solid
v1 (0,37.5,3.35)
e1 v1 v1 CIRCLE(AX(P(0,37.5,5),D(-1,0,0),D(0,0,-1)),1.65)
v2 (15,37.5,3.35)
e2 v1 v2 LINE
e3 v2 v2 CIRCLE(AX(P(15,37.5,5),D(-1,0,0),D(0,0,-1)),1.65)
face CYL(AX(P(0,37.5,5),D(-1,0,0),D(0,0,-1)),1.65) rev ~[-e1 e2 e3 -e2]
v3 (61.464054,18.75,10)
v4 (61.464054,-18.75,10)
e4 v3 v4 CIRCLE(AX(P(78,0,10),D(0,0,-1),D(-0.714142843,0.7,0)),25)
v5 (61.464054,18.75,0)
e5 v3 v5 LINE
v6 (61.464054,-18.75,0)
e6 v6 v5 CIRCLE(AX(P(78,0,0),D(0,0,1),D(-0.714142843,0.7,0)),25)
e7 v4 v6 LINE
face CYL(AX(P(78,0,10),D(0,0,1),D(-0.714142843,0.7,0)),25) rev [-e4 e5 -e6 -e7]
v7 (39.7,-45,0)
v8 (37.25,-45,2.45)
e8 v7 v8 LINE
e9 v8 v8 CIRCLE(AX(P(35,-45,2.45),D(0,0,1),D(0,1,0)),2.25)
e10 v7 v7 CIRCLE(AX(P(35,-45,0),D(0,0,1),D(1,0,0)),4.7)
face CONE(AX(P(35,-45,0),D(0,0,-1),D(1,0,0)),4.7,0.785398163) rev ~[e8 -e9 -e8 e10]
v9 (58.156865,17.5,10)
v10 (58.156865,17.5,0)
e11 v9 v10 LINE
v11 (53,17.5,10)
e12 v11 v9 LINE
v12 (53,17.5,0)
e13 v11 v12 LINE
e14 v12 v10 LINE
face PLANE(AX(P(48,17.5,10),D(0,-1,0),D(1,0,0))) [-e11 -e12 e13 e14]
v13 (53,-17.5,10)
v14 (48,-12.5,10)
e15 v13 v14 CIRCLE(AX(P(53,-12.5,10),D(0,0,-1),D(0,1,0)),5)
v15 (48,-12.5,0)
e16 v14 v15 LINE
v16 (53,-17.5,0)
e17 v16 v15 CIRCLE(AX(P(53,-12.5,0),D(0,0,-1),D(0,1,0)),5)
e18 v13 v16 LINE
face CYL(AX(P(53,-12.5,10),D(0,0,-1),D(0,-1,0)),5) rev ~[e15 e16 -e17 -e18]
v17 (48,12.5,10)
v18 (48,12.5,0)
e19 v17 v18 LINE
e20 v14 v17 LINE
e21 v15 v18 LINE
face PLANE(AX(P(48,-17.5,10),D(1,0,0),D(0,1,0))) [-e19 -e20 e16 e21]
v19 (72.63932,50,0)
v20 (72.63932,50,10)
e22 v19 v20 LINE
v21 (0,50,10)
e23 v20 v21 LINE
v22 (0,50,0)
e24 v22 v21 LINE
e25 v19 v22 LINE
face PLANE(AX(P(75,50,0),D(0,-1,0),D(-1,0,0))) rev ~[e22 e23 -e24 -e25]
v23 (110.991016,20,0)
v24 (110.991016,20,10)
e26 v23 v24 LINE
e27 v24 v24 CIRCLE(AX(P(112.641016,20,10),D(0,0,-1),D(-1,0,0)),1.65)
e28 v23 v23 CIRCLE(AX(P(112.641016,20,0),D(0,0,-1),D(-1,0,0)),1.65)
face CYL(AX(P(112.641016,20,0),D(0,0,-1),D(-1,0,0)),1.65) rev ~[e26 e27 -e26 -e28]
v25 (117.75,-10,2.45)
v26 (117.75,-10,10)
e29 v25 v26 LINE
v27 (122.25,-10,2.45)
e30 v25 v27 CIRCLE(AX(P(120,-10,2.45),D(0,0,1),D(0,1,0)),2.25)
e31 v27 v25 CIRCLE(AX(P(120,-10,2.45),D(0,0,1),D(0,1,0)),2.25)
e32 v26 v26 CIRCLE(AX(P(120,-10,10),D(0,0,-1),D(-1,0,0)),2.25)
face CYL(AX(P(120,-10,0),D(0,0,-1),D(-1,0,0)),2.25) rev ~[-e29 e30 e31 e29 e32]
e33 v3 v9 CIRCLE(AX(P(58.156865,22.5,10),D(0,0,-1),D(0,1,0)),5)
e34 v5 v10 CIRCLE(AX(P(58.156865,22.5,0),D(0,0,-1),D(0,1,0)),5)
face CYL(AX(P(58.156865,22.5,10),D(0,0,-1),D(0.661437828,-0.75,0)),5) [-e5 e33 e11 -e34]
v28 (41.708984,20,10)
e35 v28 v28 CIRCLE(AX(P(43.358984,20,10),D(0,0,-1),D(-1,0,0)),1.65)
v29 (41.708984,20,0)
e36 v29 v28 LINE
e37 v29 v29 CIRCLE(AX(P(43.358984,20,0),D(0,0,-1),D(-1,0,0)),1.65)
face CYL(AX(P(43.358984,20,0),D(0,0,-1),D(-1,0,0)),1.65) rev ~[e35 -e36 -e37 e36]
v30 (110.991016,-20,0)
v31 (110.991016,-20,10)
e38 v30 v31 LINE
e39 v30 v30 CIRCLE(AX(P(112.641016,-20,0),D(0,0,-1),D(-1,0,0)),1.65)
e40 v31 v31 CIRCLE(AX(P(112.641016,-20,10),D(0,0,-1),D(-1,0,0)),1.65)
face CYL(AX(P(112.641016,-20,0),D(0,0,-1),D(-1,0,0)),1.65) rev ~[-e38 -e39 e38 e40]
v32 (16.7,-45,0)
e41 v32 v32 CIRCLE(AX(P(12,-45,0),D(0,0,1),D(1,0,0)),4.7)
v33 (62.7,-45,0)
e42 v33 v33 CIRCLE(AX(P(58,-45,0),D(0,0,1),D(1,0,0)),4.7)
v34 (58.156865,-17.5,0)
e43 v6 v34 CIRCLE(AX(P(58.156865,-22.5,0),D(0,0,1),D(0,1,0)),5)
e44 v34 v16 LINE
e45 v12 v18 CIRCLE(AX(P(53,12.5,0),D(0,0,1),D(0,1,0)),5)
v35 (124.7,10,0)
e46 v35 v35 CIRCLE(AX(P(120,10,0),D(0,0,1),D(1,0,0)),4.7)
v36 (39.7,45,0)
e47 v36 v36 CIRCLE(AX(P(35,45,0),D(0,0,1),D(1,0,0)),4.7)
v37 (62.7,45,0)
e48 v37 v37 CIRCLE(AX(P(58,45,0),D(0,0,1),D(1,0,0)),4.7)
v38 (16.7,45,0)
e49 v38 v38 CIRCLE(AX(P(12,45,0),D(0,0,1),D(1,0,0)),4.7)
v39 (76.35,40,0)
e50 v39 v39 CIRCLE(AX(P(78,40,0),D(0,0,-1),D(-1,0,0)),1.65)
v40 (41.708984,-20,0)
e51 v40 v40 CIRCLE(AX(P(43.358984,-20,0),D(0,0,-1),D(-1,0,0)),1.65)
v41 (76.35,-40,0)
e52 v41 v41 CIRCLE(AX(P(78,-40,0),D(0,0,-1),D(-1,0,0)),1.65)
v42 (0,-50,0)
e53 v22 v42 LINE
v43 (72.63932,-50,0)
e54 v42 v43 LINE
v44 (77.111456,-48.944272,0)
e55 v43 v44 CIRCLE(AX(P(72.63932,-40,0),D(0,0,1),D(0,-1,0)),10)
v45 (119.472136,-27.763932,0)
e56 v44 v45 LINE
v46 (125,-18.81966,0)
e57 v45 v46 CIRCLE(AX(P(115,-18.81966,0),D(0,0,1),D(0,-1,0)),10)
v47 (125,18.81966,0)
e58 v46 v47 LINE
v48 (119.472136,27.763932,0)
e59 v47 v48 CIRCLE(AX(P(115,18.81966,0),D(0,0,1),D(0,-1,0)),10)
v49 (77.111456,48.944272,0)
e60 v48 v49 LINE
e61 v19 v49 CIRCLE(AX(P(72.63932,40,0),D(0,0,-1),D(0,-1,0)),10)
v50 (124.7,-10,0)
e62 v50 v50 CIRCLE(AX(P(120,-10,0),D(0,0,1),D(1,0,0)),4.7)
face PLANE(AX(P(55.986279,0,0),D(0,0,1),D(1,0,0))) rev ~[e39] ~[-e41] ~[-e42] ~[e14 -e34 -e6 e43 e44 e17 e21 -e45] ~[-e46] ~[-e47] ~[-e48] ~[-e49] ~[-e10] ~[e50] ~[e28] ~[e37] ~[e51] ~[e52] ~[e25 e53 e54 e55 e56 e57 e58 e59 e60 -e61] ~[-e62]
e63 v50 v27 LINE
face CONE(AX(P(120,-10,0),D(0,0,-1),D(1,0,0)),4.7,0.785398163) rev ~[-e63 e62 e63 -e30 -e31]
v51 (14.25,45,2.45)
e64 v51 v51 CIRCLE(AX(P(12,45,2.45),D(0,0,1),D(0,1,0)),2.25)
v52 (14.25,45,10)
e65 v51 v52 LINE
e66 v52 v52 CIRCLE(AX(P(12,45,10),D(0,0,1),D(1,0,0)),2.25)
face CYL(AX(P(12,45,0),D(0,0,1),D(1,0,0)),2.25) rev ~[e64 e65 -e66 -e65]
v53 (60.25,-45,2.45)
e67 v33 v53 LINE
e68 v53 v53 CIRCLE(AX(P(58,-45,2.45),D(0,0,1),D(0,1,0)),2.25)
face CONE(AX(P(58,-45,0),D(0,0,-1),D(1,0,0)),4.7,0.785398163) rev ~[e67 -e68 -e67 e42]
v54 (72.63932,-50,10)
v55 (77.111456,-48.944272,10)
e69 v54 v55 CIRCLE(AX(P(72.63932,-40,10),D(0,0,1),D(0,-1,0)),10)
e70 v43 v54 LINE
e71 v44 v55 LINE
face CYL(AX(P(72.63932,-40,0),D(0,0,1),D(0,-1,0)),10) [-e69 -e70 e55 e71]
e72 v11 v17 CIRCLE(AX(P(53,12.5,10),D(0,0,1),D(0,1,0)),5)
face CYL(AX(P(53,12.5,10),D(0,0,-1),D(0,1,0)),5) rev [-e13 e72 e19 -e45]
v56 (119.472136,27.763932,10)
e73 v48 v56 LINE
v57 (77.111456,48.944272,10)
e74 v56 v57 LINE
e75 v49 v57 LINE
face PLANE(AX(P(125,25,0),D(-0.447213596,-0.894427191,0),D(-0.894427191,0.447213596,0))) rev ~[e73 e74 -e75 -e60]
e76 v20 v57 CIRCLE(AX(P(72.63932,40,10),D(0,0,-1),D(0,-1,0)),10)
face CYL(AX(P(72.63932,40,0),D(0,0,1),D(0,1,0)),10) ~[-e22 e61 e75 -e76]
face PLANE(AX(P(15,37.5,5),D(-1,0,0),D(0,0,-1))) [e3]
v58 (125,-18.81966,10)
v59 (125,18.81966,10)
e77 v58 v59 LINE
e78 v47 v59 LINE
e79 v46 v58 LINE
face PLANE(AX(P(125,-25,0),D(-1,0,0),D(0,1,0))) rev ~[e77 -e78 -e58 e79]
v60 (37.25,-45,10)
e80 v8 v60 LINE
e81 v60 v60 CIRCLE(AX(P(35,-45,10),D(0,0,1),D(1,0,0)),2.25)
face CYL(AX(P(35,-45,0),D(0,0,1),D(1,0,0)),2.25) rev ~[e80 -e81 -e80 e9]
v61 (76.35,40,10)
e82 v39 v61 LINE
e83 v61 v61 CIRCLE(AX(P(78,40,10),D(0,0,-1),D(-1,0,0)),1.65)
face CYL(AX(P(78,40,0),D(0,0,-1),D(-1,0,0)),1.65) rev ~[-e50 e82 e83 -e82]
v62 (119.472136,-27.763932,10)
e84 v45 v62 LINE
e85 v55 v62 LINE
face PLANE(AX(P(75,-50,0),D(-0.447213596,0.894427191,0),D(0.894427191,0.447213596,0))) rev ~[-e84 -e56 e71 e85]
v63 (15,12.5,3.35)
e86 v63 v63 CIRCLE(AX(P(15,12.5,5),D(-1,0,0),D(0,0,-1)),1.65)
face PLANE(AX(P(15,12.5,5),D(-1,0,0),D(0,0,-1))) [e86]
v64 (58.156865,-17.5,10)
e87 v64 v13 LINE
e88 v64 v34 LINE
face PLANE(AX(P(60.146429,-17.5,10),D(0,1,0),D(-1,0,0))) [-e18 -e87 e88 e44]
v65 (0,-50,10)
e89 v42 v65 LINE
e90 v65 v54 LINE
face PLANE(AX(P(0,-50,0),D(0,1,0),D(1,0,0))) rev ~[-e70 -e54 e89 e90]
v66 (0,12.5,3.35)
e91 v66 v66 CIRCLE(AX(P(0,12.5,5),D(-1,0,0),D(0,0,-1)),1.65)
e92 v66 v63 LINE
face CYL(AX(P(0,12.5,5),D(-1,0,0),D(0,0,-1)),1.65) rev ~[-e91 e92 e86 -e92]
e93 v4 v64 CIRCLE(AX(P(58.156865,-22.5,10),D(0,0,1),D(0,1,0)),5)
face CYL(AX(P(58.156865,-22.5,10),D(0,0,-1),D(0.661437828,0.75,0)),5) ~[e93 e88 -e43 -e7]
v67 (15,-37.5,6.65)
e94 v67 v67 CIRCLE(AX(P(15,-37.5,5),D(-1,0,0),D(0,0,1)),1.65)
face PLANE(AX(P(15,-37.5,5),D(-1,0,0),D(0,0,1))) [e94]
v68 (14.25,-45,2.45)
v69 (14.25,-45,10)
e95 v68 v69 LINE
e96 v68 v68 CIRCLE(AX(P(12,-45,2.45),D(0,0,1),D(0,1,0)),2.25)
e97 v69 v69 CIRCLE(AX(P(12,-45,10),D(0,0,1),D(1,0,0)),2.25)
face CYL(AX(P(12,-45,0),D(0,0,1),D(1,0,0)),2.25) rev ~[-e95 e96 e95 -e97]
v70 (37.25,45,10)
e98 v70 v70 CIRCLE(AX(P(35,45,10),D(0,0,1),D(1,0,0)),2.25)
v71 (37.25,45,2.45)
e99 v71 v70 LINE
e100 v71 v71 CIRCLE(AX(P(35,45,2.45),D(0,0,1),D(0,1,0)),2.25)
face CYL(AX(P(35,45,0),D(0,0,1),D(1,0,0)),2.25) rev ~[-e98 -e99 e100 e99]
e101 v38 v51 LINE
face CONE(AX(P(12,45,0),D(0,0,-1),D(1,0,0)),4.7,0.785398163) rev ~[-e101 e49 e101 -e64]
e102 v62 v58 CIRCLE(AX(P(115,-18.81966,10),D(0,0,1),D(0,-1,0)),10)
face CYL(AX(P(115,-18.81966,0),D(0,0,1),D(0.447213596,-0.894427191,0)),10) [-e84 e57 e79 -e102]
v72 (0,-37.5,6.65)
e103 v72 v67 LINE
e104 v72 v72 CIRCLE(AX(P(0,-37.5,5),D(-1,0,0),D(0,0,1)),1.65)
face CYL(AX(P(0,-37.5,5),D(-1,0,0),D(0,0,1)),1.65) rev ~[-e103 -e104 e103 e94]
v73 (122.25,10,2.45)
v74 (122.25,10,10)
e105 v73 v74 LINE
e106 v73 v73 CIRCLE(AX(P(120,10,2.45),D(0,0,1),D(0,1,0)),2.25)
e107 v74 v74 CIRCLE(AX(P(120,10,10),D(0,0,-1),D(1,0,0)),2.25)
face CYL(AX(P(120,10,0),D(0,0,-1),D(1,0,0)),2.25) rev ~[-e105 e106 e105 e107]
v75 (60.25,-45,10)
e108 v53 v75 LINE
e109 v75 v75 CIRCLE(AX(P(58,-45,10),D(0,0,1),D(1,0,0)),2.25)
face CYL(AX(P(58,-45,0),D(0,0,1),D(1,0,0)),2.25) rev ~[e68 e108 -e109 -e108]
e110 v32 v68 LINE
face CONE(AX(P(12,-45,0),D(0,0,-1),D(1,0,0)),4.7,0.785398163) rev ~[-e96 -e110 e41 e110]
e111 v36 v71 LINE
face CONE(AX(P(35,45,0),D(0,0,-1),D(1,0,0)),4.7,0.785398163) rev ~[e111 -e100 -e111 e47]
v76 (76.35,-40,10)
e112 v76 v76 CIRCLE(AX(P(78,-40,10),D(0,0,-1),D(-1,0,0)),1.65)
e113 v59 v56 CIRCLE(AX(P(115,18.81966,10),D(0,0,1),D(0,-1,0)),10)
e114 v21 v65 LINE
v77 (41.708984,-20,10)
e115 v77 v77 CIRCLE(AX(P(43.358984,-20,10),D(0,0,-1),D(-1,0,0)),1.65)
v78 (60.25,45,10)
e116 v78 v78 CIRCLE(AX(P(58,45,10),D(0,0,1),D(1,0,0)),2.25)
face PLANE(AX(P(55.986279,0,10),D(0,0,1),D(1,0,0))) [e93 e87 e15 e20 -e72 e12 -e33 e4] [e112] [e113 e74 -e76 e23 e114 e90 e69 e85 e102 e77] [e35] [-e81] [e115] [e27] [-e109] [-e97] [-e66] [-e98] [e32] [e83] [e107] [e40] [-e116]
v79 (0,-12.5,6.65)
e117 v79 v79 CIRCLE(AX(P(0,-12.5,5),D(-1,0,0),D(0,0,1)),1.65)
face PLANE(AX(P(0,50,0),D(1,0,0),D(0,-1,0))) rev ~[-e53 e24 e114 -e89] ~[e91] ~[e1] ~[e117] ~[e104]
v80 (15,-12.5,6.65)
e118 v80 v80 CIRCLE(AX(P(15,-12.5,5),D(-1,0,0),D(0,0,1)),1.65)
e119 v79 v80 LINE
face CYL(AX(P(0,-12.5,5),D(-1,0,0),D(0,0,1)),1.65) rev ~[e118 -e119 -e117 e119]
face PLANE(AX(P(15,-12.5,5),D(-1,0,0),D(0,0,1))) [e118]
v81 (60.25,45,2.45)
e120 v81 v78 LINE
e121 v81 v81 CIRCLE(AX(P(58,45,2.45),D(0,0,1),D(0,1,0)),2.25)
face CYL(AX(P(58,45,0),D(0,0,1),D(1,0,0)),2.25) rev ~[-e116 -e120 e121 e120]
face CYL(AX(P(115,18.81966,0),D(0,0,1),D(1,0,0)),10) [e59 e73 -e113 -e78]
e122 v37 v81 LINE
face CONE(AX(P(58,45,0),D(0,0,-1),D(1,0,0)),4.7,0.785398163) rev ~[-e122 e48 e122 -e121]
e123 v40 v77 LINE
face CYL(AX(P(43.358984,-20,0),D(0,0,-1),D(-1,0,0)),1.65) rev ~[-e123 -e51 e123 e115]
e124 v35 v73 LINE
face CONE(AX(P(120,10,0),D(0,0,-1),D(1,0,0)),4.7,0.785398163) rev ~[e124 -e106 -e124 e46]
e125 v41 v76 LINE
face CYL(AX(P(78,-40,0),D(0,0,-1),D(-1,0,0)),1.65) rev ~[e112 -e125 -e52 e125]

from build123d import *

# Parameters (mm, degrees)
EXTRUDE1_DEPTH                                  = 10
CUT_EXTRUDE1_DEPTH                              = 20
SKETCH3_R                                       = 1.65
CUT_EXTRUDE2_DEPTH                              = 10
SKETCH4_R                                       = 1.65
CUT_EXTRUDE3_DEPTH                              = 15
FILLET1_R                                       = 10
FILLET3_R                                       = 5
SKETCH7_R                                       = 1.5
CUT_EXTRUDE4_DEPTH                              = 10
CSK_FOR_M4_FLAT_HEAD_MACHINE_SCREW2_D           = 4.5
CSK_FOR_M4_FLAT_HEAD_MACHINE_SCREW2_CSINK_D     = 9.4
CSK_FOR_M4_FLAT_HEAD_MACHINE_SCREW2_CSINK_ANGLE = 90
SKETCH10_R                                      = 2.25
CUT_EXTRUDE5_DEPTH                              = 10
CSK_FOR_M4_FLAT_HEAD_MACHINE_SCREW3_D           = 4.5
CSK_FOR_M4_FLAT_HEAD_MACHINE_SCREW3_CSINK_D     = 9.4
CSK_FOR_M4_FLAT_HEAD_MACHINE_SCREW3_CSINK_ANGLE = 90


with BuildPart() as part:
    # Sketch1 → Extrude1 (new body)
    with BuildSketch(Plane.XY):
        Polygon((0, -50), (75, -50), (125, -25), (125, 25), (75, 50), (0, 50), align=None)
    extrude(amount=EXTRUDE1_DEPTH)

    # Sketch2 → Cut-Extrude1 (cut)
    with BuildSketch(Plane.XY.offset(10)):
        with BuildLine():
            Line((60.146428929, -17.5), (48, -17.5))
            Line((48, -17.5), (48, 17.5))
            Line((48, 17.5), (60.146428929, 17.5))
            ThreePointArc((60.146428929, 17.5), (103, 0), (60.146428929, -17.5))
        make_face()
    extrude(amount=-CUT_EXTRUDE1_DEPTH, mode=Mode.SUBTRACT)

    # Sketch3 → Cut-Extrude2 (cut)
    with BuildSketch(Plane(origin=(0, 0, 0), x_dir=(-1, 0, 0), z_dir=(0, 0, -1))):
        with Locations((-112.641016151, 20)):
            Circle(SKETCH3_R)
        with Locations((-78, 40)):
            Circle(SKETCH3_R)
        with Locations((-43.358983849, 20)):
            Circle(SKETCH3_R)
        with Locations((-43.358983849, -20)):
            Circle(SKETCH3_R)
        with Locations((-78, -40)):
            Circle(SKETCH3_R)
        with Locations((-112.641016151, -20)):
            Circle(SKETCH3_R)
    extrude(amount=-CUT_EXTRUDE2_DEPTH, mode=Mode.SUBTRACT)

    # Sketch4 → Cut-Extrude3 (cut)
    with BuildSketch(Plane.ZY):
        with Locations((5, -37.5)):
            Circle(SKETCH4_R)
        with Locations((5, -12.5)):
            Circle(SKETCH4_R)
        with Locations(Location((5, 12.5, 0), (0, 0, 180))):
            Circle(SKETCH4_R)
        with Locations(Location((5, 37.5, 0), (0, 0, 180))):
            Circle(SKETCH4_R)
    extrude(amount=-CUT_EXTRUDE3_DEPTH, mode=Mode.SUBTRACT)

    # Fillet1
    fillet1_edges = [part.edges().sort_by_distance(p)[0] for p in [
        (75, 50, 5),
        (125, 25, 5),
        (125, -25, 5),
        (75, -50, 5),
    ]]
    fillet(fillet1_edges, radius=FILLET1_R)

    # Fillet3
    fillet3_edges = [part.edges().sort_by_distance(p)[0] for p in [
        (60.146428929, 17.5, 5),
        (60.146428929, -17.5, 5),
        (48, -17.5, 5),
        (48, 17.5, 5),
    ]]
    fillet(fillet3_edges, radius=FILLET3_R)

    # Sketch7 → Cut-Extrude4 (cut)
    with BuildSketch(Plane(origin=(0, 0, 0), x_dir=(-1, 0, 0), z_dir=(0, 0, -1))):
        with Locations((-35, -45)):
            Circle(SKETCH7_R)
        with Locations((-12, -45)):
            Circle(SKETCH7_R)
        with Locations(Location((-58, -45, 0), (0, 0, 180))):
            Circle(SKETCH7_R)
        with Locations(Location((-35, 45, 0), (0, 0, 180))):
            Circle(SKETCH7_R)
        with Locations((-58, 45)):
            Circle(SKETCH7_R)
        with Locations(Location((-12, 45, 0), (0, 0, 180))):
            Circle(SKETCH7_R)
    extrude(amount=-CUT_EXTRUDE4_DEPTH, mode=Mode.SUBTRACT)

    # CSK for M4 Flat Head Machine Screw2 (through all)
    with Locations(Plane(origin=(0, 0, 0), x_dir=(-1, 0, 0), z_dir=(0, 0, -1))):
        with Locations((-58, -45), (-35, -45), (-12, -45), (-58, 45), (-35, 45), (-12, 45)):
            CounterSinkHole(CSK_FOR_M4_FLAT_HEAD_MACHINE_SCREW2_D / 2, CSK_FOR_M4_FLAT_HEAD_MACHINE_SCREW2_CSINK_D / 2, counter_sink_angle=CSK_FOR_M4_FLAT_HEAD_MACHINE_SCREW2_CSINK_ANGLE)

    # Sketch10 → Cut-Extrude5 (cut)
    with BuildSketch(Plane(origin=(0, 0, 0), x_dir=(-1, 0, 0), z_dir=(0, 0, -1))):
        with Locations((-120, -10)):
            Circle(SKETCH10_R)
        with Locations(Location((-120, 10, 0), (0, 0, 180))):
            Circle(SKETCH10_R)
    extrude(amount=-CUT_EXTRUDE5_DEPTH, mode=Mode.SUBTRACT)

    # CSK for M4 Flat Head Machine Screw3 (through all)
    with Locations(Plane(origin=(0, 0, 0), x_dir=(-1, 0, 0), z_dir=(0, 0, -1))):
        with Locations((-120, -10), (-120, 10)):
            CounterSinkHole(CSK_FOR_M4_FLAT_HEAD_MACHINE_SCREW3_D / 2, CSK_FOR_M4_FLAT_HEAD_MACHINE_SCREW3_CSINK_D / 2, counter_sink_angle=CSK_FOR_M4_FLAT_HEAD_MACHINE_SCREW3_CSINK_ANGLE)


solid = part.part
